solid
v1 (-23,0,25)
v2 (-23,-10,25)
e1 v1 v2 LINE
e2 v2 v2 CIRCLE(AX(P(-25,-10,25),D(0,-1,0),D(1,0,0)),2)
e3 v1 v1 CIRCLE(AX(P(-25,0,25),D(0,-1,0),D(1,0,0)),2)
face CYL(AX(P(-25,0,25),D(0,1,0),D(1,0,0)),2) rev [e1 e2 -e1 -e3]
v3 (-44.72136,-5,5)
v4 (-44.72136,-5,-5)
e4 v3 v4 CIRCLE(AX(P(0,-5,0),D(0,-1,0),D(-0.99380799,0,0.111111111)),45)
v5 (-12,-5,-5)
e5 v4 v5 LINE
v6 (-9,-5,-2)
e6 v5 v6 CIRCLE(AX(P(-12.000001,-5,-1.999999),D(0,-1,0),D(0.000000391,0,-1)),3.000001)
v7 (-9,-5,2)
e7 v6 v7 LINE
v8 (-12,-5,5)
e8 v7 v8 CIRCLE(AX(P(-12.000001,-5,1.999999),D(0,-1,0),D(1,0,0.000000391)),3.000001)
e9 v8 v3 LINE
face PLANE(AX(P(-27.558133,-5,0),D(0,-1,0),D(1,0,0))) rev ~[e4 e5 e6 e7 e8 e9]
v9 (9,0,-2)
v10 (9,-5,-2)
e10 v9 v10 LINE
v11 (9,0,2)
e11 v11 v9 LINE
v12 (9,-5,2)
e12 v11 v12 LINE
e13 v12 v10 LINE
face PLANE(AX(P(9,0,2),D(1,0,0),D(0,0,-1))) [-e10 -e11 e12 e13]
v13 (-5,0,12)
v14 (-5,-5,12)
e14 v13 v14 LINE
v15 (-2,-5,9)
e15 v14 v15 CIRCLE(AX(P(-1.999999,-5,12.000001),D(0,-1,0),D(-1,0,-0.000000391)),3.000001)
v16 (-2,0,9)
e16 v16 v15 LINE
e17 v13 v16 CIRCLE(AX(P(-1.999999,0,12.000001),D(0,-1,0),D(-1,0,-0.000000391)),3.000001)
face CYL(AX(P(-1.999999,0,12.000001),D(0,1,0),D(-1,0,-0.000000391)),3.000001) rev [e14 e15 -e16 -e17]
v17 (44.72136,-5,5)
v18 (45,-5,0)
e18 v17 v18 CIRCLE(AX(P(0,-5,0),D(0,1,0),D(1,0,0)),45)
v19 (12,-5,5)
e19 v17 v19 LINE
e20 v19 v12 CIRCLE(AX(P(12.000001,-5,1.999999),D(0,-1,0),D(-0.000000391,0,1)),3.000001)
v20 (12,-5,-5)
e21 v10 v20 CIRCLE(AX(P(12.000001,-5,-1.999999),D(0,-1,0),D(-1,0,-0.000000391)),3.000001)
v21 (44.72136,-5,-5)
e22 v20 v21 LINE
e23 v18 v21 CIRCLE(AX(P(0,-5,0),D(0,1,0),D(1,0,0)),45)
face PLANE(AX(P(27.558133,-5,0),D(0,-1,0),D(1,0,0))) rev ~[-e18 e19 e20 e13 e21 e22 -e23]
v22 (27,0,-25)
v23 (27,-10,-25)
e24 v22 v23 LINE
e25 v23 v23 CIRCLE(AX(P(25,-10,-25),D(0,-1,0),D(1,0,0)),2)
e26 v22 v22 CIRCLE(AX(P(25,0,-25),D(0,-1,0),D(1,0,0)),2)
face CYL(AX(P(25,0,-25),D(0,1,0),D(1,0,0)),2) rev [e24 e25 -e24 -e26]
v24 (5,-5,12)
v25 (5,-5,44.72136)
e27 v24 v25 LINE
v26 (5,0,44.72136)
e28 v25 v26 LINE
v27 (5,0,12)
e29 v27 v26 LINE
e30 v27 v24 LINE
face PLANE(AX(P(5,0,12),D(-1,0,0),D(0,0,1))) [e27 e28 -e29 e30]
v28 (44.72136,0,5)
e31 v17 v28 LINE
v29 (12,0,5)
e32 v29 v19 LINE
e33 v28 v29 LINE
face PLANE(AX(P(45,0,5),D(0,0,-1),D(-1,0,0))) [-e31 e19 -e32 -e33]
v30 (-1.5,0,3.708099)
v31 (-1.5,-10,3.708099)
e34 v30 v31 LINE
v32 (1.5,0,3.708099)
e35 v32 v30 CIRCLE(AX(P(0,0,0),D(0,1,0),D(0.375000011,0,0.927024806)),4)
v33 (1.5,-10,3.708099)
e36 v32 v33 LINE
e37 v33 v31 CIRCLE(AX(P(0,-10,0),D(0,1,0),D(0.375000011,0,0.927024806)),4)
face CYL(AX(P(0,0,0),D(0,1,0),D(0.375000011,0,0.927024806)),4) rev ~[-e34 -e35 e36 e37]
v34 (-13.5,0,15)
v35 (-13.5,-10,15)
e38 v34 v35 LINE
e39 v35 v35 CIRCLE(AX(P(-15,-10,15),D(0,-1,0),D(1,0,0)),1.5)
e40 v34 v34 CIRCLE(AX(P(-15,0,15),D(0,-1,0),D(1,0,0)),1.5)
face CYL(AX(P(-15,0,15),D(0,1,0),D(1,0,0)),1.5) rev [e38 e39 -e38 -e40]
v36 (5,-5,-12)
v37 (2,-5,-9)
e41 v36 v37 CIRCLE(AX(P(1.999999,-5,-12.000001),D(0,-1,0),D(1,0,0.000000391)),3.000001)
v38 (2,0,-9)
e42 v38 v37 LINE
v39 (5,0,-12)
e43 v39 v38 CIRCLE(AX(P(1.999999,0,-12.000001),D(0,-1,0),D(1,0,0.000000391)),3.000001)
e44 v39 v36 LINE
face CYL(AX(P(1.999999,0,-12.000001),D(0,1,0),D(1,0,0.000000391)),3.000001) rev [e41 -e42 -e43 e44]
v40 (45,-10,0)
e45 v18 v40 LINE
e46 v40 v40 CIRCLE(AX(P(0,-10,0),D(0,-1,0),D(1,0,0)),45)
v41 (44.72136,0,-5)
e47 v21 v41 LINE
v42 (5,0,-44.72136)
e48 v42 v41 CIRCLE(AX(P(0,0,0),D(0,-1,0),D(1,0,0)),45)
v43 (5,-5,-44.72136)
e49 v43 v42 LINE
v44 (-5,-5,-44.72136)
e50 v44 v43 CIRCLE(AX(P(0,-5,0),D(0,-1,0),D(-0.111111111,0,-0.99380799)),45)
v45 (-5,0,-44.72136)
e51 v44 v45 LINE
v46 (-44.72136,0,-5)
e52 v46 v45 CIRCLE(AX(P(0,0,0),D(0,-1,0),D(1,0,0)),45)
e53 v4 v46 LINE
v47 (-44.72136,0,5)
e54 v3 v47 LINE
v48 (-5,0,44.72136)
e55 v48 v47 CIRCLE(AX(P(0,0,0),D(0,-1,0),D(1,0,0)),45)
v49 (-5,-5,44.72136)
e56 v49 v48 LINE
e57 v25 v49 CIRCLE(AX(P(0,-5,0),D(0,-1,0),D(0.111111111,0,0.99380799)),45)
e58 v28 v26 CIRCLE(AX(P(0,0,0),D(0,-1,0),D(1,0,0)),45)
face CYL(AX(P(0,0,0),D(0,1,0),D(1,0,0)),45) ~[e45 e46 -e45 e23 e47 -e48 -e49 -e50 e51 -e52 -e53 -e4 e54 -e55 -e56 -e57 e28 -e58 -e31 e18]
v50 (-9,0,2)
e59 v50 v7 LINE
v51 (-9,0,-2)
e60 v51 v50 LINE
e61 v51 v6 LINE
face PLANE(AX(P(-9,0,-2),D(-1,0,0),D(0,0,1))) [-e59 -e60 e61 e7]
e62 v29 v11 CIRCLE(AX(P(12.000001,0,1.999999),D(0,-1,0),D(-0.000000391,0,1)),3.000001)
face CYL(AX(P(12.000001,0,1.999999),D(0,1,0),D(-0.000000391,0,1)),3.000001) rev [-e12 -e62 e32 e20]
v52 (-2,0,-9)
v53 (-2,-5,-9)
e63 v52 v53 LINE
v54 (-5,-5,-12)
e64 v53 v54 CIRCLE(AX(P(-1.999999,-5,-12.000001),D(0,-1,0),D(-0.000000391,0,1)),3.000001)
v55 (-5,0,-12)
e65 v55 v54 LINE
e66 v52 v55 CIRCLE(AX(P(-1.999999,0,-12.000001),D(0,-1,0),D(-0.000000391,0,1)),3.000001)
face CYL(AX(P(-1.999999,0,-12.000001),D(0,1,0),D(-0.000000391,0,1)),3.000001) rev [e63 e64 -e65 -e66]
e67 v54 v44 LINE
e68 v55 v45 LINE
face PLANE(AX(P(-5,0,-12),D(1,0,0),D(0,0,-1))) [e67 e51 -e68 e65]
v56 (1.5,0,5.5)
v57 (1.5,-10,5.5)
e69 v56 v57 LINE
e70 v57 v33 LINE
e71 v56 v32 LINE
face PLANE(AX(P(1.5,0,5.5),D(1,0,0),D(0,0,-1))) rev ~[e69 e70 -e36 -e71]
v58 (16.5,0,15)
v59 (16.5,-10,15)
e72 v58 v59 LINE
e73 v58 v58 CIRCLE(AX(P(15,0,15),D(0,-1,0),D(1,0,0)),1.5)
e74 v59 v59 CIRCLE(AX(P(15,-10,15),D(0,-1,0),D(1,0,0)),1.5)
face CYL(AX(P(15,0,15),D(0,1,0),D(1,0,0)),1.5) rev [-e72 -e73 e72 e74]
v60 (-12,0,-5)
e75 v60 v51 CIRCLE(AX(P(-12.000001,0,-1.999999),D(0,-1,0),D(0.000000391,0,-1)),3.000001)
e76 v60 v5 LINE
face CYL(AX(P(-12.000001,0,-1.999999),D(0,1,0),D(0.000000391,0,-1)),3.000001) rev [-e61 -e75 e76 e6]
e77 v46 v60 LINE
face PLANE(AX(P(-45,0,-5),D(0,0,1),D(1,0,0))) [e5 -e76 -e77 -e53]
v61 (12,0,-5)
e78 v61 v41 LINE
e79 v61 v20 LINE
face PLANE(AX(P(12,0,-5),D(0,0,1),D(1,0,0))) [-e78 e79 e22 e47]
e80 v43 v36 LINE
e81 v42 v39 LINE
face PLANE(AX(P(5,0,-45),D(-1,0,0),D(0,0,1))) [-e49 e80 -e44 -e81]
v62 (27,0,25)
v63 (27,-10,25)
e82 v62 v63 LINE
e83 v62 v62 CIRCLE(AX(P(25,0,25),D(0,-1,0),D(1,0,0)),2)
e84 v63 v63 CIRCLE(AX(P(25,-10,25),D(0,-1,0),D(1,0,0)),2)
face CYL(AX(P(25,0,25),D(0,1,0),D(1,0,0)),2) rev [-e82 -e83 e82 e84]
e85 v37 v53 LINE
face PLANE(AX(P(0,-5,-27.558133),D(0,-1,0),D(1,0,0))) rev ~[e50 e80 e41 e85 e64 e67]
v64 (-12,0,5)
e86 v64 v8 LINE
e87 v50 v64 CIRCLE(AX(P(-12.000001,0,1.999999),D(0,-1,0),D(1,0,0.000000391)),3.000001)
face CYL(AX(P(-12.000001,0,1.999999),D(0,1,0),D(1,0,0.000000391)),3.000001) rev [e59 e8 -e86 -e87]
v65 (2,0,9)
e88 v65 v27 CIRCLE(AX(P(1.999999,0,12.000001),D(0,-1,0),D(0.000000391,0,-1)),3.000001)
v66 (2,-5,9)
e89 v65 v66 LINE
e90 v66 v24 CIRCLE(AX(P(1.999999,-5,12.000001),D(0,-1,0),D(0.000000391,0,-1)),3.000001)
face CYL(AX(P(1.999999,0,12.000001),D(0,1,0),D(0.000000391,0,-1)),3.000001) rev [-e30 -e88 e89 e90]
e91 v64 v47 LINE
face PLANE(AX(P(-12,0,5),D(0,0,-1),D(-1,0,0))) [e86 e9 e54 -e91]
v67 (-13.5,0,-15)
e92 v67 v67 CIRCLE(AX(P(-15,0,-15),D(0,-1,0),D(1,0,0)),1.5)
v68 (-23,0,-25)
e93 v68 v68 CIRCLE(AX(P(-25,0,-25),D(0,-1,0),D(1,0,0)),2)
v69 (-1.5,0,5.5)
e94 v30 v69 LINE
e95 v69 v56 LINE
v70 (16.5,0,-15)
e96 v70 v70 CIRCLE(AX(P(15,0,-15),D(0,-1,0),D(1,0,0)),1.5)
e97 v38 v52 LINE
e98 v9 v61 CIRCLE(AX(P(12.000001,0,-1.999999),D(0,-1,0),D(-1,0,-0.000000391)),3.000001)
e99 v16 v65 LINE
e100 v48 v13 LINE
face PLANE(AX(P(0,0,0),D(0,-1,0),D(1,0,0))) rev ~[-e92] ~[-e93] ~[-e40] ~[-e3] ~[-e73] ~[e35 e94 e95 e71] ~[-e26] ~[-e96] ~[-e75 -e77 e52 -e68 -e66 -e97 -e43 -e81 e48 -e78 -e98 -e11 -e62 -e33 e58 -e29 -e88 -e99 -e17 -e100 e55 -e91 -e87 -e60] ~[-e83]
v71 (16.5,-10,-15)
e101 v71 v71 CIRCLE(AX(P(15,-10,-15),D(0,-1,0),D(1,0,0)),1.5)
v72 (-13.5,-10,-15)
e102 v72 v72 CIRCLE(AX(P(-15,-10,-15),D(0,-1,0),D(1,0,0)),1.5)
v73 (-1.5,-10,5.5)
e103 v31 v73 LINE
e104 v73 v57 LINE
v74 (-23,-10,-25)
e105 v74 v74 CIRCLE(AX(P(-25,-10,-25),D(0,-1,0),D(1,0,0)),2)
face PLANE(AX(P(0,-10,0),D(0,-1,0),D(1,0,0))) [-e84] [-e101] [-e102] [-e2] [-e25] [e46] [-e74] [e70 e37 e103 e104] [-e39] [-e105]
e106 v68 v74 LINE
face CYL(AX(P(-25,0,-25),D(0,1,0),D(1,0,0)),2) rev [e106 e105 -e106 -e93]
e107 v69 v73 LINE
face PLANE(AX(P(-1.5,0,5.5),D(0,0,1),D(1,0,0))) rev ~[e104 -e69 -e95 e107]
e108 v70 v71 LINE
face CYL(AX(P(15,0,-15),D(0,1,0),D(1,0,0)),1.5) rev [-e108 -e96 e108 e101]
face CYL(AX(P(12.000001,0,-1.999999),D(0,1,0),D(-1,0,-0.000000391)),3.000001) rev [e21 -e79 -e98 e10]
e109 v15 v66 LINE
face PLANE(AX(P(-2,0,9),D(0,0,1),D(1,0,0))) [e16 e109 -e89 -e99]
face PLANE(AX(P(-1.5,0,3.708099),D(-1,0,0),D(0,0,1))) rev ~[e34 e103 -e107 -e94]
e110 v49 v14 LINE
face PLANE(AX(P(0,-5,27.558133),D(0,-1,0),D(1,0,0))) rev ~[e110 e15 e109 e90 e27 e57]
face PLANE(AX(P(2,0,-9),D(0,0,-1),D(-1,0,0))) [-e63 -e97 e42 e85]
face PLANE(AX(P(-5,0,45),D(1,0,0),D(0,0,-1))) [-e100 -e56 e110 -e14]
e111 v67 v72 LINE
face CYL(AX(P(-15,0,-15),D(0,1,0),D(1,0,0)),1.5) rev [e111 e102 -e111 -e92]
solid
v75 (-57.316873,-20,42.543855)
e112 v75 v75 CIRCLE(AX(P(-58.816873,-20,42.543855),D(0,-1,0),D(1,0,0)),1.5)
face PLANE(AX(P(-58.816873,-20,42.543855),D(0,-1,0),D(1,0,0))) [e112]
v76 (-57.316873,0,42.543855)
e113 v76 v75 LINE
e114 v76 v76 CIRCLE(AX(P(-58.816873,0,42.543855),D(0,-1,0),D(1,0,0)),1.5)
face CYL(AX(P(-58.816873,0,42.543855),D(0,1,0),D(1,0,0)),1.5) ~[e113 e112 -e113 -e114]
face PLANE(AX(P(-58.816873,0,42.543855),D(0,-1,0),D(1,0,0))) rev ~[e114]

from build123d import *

# Parameters (mm, degrees)
F0_R     = 45
F0_R_2   = 2
F0_R_3   = 1.5
F1_DEPTH = 10
F3_DEPTH = 5
F4_R     = 1.5
F5_DEPTH = 20


with BuildPart() as f1:
    # F0 (on Front) → F1 (new body)
    with BuildSketch(Plane.XZ):
        Circle(F0_R)
        with Locations((-25, -25)):
            Circle(F0_R_2, mode=Mode.SUBTRACT)
        with Locations((-15, -15)):
            Circle(F0_R_3, mode=Mode.SUBTRACT)
        with Locations((25, -25)):
            Circle(F0_R_2, mode=Mode.SUBTRACT)
        with Locations((15, -15)):
            Circle(F0_R_3, mode=Mode.SUBTRACT)
        with BuildLine():
            ThreePointArc((1.5, 3.708099), (0, -4), (-1.5, 3.708099))
            Line((-1.5, 3.708099), (-1.5, 5.5))
            Line((-1.5, 5.5), (1.5, 5.5))
            Line((1.5, 5.5), (1.5, 3.708099))
        make_face(mode=Mode.SUBTRACT)
        with Locations((-15, 15)):
            Circle(F0_R_3, mode=Mode.SUBTRACT)
        with Locations((-25, 25)):
            Circle(F0_R_2, mode=Mode.SUBTRACT)
        with Locations((15, 15)):
            Circle(F0_R_3, mode=Mode.SUBTRACT)
        with Locations((25, 25)):
            Circle(F0_R_2, mode=Mode.SUBTRACT)
    extrude(amount=F1_DEPTH)

    # F2 (on Front) → F3 (cut)
    with BuildSketch(Plane.XZ):
        with BuildLine():
            Line((45, 5), (12, 5))
            ThreePointArc((12, 5), (9.87868, 4.12132), (9, 2))
            Line((9, 2), (9, -2))
            ThreePointArc((9, -2), (9.87868, -4.12132), (12, -5))
            Line((12, -5), (45, -5))
            Line((45, -5), (45, 5))
        make_face()
        with BuildLine():
            Line((-5, 45), (-5, 12))
            ThreePointArc((-5, 12), (-4.12132, 9.87868), (-2, 9))
            Line((-2, 9), (2, 9))
            ThreePointArc((2, 9), (4.12132, 9.87868), (5, 12))
            Line((5, 12), (5, 45))
            Line((5, 45), (-5, 45))
        make_face()
        with BuildLine():
            Line((-45, -5), (-12, -5))
            ThreePointArc((-12, -5), (-9.87868, -4.12132), (-9, -2))
            Line((-9, -2), (-9, 2))
            ThreePointArc((-9, 2), (-9.87868, 4.12132), (-12, 5))
            Line((-12, 5), (-45, 5))
            Line((-45, 5), (-45, -5))
        make_face()
        with BuildLine():
            Line((5, -45), (5, -12))
            ThreePointArc((5, -12), (4.12132, -9.87868), (2, -9))
            Line((2, -9), (-2, -9))
            ThreePointArc((-2, -9), (-4.12132, -9.87868), (-5, -12))
            Line((-5, -12), (-5, -45))
            Line((-5, -45), (5, -45))
        make_face()
    extrude(amount=F3_DEPTH, mode=Mode.SUBTRACT)


with BuildPart() as f5:
    # F4 (on Front) → F5 (new body)
    with BuildSketch(Plane.XZ):
        with Locations((-58.816873, 42.543855)):
            Circle(F4_R)
    extrude(amount=F5_DEPTH)


solid = Compound([f1.part, f5.part])
